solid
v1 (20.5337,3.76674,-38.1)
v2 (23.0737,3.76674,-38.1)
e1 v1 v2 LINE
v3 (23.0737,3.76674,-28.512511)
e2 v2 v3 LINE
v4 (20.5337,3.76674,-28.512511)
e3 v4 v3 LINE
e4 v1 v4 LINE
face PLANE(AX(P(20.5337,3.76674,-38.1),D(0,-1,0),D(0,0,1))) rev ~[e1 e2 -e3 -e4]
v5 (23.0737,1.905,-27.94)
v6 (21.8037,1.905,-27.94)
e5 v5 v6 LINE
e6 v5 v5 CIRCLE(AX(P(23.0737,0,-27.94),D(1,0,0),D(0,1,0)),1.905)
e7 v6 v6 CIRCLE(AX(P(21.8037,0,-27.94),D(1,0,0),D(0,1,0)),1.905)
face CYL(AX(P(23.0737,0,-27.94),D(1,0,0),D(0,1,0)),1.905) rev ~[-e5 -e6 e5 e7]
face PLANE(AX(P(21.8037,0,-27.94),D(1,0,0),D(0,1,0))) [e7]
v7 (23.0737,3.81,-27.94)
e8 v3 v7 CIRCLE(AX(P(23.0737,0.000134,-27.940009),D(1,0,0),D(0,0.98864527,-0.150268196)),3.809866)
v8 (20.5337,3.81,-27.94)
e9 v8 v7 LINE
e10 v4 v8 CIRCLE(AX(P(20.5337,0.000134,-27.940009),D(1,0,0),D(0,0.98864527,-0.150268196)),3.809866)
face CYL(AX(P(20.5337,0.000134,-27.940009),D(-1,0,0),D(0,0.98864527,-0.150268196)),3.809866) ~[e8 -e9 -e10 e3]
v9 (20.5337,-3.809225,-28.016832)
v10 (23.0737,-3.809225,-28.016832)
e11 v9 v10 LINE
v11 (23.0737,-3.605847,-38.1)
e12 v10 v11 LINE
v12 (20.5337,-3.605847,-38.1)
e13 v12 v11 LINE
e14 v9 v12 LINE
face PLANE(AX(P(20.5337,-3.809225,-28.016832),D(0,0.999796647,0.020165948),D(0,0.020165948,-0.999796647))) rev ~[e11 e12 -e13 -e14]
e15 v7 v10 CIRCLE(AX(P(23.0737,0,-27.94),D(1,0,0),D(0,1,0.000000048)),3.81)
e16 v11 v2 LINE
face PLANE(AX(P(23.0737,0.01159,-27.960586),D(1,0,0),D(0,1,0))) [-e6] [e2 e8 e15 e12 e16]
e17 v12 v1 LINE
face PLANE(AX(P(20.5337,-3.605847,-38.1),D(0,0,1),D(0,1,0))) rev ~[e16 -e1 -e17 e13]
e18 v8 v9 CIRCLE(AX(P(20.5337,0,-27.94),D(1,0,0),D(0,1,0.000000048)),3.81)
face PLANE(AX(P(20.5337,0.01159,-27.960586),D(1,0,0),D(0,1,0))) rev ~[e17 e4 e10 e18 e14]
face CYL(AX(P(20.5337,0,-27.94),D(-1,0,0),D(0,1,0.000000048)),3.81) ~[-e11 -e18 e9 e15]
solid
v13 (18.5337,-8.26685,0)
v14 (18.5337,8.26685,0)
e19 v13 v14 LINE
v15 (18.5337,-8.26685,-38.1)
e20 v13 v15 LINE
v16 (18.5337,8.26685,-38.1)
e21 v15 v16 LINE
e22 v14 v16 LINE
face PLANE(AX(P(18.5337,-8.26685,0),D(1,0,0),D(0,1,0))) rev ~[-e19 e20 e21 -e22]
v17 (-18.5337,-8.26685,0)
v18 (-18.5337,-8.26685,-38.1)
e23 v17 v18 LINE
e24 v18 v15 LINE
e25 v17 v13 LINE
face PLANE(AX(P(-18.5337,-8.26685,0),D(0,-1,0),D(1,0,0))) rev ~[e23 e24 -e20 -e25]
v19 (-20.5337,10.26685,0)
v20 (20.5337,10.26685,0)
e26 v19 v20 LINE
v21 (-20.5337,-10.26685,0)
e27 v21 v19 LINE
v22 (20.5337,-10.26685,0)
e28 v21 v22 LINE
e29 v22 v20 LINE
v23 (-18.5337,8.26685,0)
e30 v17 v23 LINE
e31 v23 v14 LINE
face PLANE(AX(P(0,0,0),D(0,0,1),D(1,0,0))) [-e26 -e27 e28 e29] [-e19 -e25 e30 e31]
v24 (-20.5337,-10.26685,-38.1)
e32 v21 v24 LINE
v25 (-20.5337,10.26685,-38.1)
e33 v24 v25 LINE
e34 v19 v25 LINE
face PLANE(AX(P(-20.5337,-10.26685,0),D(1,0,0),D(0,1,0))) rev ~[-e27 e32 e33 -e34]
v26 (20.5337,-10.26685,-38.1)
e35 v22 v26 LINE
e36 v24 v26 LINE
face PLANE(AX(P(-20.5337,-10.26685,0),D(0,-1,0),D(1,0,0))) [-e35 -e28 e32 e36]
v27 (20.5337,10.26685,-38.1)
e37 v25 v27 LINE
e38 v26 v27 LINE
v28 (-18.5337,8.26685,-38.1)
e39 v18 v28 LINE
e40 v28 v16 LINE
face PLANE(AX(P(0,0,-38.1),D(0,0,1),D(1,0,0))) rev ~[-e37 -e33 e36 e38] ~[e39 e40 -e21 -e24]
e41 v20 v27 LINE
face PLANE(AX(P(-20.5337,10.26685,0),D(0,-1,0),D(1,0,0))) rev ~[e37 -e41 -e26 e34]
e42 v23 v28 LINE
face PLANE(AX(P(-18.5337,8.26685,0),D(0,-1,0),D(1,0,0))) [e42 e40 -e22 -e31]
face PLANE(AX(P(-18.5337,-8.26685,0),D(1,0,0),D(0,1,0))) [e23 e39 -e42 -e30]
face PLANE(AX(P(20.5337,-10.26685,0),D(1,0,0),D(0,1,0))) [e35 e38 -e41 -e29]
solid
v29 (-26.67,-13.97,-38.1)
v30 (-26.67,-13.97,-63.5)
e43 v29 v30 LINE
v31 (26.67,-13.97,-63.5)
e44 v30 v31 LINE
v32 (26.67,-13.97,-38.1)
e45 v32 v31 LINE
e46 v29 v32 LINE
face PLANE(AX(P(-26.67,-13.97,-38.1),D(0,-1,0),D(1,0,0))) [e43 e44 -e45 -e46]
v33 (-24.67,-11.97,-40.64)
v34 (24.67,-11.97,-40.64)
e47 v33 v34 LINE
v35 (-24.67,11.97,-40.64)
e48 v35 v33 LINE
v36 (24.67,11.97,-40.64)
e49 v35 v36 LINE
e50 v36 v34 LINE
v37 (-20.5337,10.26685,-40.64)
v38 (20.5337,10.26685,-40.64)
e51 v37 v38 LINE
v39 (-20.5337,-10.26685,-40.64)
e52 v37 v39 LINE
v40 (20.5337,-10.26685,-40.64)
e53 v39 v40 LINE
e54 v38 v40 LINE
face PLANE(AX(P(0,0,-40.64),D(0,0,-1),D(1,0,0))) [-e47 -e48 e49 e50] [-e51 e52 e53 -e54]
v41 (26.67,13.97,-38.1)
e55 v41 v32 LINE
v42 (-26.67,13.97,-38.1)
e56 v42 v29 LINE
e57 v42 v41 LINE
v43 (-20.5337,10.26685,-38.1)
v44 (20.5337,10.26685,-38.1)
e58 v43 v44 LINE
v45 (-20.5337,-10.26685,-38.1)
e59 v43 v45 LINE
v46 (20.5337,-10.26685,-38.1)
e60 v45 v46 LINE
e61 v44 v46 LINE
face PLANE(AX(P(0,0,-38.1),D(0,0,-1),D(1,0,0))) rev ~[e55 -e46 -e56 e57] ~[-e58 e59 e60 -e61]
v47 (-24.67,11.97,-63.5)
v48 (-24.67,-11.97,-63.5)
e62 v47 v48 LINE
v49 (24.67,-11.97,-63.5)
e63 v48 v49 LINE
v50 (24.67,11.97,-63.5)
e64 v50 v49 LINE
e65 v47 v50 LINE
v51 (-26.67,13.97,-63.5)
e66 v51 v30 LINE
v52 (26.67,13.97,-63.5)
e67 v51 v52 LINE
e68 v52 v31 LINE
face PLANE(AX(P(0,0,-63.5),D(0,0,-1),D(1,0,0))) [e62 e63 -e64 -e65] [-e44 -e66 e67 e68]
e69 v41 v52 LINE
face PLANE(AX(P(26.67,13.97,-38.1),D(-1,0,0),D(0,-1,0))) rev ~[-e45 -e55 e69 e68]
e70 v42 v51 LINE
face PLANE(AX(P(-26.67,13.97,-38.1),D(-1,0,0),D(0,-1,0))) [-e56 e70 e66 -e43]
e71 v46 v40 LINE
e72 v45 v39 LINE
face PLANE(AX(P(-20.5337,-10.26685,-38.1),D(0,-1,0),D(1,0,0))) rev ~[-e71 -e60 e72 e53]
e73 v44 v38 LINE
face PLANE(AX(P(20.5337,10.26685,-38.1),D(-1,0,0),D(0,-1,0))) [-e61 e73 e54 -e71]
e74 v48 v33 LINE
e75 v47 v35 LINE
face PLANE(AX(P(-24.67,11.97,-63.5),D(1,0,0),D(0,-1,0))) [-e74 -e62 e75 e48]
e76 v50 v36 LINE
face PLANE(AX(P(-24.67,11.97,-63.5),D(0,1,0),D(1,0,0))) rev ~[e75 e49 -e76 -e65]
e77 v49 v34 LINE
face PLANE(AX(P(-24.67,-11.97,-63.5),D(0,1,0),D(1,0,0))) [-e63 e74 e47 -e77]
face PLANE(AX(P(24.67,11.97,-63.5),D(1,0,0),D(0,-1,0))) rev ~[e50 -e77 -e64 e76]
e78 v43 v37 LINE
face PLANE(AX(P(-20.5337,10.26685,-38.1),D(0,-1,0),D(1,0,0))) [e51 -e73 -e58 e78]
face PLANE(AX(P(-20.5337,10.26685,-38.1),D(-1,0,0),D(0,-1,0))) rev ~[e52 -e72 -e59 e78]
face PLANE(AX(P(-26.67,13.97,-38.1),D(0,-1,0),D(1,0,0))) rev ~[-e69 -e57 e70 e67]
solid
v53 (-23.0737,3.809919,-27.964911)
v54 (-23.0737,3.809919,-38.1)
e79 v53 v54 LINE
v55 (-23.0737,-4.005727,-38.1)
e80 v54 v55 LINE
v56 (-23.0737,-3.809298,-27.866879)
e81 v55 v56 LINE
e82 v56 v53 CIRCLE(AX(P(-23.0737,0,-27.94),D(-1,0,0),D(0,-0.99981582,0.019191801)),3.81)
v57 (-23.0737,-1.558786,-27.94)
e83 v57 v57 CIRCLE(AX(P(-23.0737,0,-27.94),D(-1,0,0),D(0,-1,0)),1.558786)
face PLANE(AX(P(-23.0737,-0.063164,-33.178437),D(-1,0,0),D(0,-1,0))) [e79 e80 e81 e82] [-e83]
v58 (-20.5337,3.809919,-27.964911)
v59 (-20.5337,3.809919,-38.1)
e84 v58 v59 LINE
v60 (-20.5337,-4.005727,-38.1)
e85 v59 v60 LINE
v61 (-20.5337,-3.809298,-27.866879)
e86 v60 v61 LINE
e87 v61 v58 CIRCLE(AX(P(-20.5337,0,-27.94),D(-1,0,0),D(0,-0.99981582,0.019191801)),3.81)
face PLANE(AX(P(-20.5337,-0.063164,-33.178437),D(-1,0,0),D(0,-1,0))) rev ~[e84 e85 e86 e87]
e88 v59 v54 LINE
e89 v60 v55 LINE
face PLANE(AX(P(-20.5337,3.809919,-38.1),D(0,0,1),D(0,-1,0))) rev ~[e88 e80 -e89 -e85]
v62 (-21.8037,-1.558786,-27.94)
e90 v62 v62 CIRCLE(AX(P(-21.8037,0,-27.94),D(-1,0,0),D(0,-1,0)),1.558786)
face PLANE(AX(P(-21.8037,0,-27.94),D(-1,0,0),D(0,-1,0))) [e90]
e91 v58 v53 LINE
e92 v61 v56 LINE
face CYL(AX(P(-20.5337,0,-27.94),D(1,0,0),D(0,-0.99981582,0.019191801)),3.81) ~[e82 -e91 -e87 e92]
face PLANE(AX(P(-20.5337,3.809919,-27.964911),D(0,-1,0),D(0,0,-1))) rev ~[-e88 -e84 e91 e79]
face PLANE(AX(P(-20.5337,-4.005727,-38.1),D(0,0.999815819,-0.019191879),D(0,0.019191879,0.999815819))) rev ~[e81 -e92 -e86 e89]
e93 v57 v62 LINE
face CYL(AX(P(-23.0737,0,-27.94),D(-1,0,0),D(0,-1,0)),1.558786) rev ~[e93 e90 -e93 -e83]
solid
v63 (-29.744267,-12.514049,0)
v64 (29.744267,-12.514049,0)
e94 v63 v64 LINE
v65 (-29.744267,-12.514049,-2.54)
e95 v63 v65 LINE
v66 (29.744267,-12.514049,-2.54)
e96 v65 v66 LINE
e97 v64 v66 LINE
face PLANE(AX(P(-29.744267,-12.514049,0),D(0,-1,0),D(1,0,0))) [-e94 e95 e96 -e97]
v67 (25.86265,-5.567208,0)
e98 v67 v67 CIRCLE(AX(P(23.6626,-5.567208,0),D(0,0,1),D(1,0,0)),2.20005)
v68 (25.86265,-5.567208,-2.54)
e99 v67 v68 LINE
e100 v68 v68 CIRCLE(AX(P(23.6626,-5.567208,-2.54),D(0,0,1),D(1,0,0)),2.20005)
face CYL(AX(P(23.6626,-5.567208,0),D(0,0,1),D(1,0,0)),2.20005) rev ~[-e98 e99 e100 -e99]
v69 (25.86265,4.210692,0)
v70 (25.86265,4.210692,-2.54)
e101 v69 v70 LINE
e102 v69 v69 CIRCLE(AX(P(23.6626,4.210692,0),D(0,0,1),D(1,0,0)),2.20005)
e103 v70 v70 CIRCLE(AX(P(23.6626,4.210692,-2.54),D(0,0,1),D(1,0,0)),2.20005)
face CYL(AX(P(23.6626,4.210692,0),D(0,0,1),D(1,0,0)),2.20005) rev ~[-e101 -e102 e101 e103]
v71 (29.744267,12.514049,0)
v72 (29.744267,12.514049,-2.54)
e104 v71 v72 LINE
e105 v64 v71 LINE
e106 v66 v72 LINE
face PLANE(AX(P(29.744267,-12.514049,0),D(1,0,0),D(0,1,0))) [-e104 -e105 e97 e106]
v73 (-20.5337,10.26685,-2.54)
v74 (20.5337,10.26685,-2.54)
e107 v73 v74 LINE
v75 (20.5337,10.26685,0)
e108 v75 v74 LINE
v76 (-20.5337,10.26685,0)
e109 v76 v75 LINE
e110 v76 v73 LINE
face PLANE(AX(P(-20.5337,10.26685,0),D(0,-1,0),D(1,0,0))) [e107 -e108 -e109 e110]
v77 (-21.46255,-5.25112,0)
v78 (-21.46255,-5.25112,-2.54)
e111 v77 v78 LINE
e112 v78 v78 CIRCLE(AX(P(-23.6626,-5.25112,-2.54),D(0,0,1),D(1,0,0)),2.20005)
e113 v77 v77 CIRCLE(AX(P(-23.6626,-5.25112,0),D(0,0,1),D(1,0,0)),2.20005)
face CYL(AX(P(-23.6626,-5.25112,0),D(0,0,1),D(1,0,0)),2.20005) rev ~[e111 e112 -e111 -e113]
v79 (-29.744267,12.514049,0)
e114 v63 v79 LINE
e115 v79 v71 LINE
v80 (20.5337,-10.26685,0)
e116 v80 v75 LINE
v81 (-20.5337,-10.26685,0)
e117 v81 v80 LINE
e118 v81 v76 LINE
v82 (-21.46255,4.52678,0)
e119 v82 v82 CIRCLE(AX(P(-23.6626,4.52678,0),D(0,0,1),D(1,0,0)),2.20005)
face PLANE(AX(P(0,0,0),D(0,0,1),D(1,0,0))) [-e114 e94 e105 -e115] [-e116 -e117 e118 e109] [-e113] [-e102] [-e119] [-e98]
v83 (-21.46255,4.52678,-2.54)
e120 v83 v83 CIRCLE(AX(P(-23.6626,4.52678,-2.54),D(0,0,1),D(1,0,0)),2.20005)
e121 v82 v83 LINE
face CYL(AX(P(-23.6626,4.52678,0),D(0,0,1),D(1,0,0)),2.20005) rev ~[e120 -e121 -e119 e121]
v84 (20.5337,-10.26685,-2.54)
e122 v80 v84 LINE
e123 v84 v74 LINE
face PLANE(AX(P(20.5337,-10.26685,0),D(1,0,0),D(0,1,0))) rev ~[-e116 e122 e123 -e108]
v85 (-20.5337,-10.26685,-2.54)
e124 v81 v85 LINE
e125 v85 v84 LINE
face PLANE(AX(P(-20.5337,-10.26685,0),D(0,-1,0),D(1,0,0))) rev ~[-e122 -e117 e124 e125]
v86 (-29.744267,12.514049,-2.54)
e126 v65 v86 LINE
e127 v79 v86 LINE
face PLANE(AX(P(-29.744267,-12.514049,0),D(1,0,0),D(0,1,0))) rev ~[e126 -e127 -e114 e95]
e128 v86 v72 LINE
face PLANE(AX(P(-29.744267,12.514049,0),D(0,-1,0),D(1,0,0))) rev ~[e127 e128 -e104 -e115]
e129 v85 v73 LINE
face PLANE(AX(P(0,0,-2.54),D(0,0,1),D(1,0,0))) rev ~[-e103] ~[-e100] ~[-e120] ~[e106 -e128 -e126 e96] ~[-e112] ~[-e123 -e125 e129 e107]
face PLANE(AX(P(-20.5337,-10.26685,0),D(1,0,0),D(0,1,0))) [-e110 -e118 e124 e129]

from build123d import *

# Parameters (mm, degrees)
F0_W      = 41.0674
F0_H      = 20.5337
F1_DEPTH  = 38.1
F2_W      = 53.34
F2_H      = 27.94
F2_W_2    = 41.0674
F2_H_2    = 20.5337
F3_DEPTH  = 25.4
F5_DEPTH  = 2.54
F6_R      = 1.558786
F7_DEPTH  = 1.27
F9_DEPTH  = 2.54
F10_R     = 1.905
F11_DEPTH = 1.27
F12_W     = 59.488534
F12_H     = 25.028098
F12_R     = 2.20005
F12_W_2   = 41.0674
F12_H_2   = 20.5337
F13_DEPTH = 2.54
F14_W     = 37.0674
F14_H     = 16.5337
F15_DEPTH = 63.501
F16_W     = 49.34
F16_H     = 23.94
F17_DEPTH = 22.86


with BuildPart() as f1:
    # F0 (on Top) → F1 (new body)
    with BuildSketch(Plane.XY):
        Rectangle(F0_W, F0_H)
    extrude(amount=-F1_DEPTH)

    # F14 (on face) → F15 (cut, through all)
    with BuildSketch(Plane.XY):
        Rectangle(F14_W, F14_H)
    extrude(amount=-F15_DEPTH, mode=Mode.SUBTRACT)


with BuildPart() as f3:
    # F2 (on face) → F3 (new body)
    with BuildSketch(Plane(origin=(0, 0, -38.1), x_dir=(1, 0, 0), z_dir=(0, 0, -1))):
        Rectangle(F2_W, F2_H)
        Rectangle(F2_W_2, F2_H_2, mode=Mode.SUBTRACT)
    extrude(amount=F3_DEPTH)

    # F16 (on face) → F17 (cut)
    with BuildSketch(Plane(origin=(0, 0, -63.5), x_dir=(1, 0, 0), z_dir=(0, 0, -1))):
        Rectangle(F16_W, F16_H)
    extrude(amount=-F17_DEPTH, mode=Mode.SUBTRACT)


with BuildPart() as f5:
    # F4 (on face) → F5 (new body)
    with BuildSketch(Plane(origin=(-20.5337, 0, 0), x_dir=(0, -1, 0), z_dir=(-1, 0, 0))):
        with BuildLine():
            ThreePointArc((3.809298, -27.866879), (3.809825, -27.903438), (3.81, -27.94))
            ThreePointArc((3.81, -27.94), (0.012455, -31.74998), (-3.809919, -27.964911))
            Line((-3.809919, -27.964911), (-3.809919, -38.1))
            Line((-3.809919, -38.1), (4.005727, -38.1))
            Line((4.005727, -38.1), (3.809298, -27.866879))
        make_face()
        with BuildLine():
            ThreePointArc((-3.809919, -27.964911), (0.012455, -31.74998), (3.81, -27.94))
            ThreePointArc((3.81, -27.94), (3.809825, -27.903438), (3.809298, -27.866879))
            ThreePointArc((3.809298, -27.866879), (-0.049017, -24.130315), (-3.809919, -27.964911))
        make_face()
    extrude(amount=F5_DEPTH)

    # F6 (on face) → F7 (cut)
    with BuildSketch(Plane(origin=(-23.0737, 0, 0), x_dir=(0, -1, 0), z_dir=(-1, 0, 0))):
        with Locations((0, -27.94)):
            Circle(F6_R)
    extrude(amount=-F7_DEPTH, mode=Mode.SUBTRACT)


with BuildPart() as f9:
    # F8 (on face) → F9 (new body)
    with BuildSketch(Plane.YZ.offset(20.5337)):
        with BuildLine():
            ThreePointArc((3.76674, -28.512511), (3.79917, -28.227071), (3.81, -27.94))
            ThreePointArc((3.81, -27.94), (-0.038418, -24.130194), (-3.809225, -28.016832))
            ThreePointArc((-3.809225, -28.016832), (-0.248748, -31.741871), (3.76674, -28.512511))
        make_face()
        with BuildLine():
            ThreePointArc((3.76674, -28.512511), (-0.248748, -31.741871), (-3.809225, -28.016832))
            Line((-3.809225, -28.016832), (-3.605847, -38.1))
            Line((-3.605847, -38.1), (3.76674, -38.1))
            Line((3.76674, -38.1), (3.76674, -28.512511))
        make_face()
    extrude(amount=F9_DEPTH)

    # F10 (on face) → F11 (cut)
    with BuildSketch(Plane.YZ.offset(23.0737)):
        with Locations((0, -27.94)):
            Circle(F10_R)
    extrude(amount=-F11_DEPTH, mode=Mode.SUBTRACT)


with BuildPart() as f13:
    # F12 (on face) → F13 (new body)
    with BuildSketch(Plane.XY):
        Rectangle(F12_W, F12_H)
        with Locations((-23.6626, -5.25112)):
            Circle(F12_R, mode=Mode.SUBTRACT)
        with Locations((23.6626, -5.567208)):
            Circle(F12_R, mode=Mode.SUBTRACT)
        with Locations((-23.6626, 4.52678)):
            Circle(F12_R, mode=Mode.SUBTRACT)
        Rectangle(F12_W_2, F12_H_2, mode=Mode.SUBTRACT)
        with Locations((23.6626, 4.210692)):
            Circle(F12_R, mode=Mode.SUBTRACT)
    extrude(amount=-F13_DEPTH)


solid = Compound([f1.part, f3.part, f5.part, f9.part, f13.part])
